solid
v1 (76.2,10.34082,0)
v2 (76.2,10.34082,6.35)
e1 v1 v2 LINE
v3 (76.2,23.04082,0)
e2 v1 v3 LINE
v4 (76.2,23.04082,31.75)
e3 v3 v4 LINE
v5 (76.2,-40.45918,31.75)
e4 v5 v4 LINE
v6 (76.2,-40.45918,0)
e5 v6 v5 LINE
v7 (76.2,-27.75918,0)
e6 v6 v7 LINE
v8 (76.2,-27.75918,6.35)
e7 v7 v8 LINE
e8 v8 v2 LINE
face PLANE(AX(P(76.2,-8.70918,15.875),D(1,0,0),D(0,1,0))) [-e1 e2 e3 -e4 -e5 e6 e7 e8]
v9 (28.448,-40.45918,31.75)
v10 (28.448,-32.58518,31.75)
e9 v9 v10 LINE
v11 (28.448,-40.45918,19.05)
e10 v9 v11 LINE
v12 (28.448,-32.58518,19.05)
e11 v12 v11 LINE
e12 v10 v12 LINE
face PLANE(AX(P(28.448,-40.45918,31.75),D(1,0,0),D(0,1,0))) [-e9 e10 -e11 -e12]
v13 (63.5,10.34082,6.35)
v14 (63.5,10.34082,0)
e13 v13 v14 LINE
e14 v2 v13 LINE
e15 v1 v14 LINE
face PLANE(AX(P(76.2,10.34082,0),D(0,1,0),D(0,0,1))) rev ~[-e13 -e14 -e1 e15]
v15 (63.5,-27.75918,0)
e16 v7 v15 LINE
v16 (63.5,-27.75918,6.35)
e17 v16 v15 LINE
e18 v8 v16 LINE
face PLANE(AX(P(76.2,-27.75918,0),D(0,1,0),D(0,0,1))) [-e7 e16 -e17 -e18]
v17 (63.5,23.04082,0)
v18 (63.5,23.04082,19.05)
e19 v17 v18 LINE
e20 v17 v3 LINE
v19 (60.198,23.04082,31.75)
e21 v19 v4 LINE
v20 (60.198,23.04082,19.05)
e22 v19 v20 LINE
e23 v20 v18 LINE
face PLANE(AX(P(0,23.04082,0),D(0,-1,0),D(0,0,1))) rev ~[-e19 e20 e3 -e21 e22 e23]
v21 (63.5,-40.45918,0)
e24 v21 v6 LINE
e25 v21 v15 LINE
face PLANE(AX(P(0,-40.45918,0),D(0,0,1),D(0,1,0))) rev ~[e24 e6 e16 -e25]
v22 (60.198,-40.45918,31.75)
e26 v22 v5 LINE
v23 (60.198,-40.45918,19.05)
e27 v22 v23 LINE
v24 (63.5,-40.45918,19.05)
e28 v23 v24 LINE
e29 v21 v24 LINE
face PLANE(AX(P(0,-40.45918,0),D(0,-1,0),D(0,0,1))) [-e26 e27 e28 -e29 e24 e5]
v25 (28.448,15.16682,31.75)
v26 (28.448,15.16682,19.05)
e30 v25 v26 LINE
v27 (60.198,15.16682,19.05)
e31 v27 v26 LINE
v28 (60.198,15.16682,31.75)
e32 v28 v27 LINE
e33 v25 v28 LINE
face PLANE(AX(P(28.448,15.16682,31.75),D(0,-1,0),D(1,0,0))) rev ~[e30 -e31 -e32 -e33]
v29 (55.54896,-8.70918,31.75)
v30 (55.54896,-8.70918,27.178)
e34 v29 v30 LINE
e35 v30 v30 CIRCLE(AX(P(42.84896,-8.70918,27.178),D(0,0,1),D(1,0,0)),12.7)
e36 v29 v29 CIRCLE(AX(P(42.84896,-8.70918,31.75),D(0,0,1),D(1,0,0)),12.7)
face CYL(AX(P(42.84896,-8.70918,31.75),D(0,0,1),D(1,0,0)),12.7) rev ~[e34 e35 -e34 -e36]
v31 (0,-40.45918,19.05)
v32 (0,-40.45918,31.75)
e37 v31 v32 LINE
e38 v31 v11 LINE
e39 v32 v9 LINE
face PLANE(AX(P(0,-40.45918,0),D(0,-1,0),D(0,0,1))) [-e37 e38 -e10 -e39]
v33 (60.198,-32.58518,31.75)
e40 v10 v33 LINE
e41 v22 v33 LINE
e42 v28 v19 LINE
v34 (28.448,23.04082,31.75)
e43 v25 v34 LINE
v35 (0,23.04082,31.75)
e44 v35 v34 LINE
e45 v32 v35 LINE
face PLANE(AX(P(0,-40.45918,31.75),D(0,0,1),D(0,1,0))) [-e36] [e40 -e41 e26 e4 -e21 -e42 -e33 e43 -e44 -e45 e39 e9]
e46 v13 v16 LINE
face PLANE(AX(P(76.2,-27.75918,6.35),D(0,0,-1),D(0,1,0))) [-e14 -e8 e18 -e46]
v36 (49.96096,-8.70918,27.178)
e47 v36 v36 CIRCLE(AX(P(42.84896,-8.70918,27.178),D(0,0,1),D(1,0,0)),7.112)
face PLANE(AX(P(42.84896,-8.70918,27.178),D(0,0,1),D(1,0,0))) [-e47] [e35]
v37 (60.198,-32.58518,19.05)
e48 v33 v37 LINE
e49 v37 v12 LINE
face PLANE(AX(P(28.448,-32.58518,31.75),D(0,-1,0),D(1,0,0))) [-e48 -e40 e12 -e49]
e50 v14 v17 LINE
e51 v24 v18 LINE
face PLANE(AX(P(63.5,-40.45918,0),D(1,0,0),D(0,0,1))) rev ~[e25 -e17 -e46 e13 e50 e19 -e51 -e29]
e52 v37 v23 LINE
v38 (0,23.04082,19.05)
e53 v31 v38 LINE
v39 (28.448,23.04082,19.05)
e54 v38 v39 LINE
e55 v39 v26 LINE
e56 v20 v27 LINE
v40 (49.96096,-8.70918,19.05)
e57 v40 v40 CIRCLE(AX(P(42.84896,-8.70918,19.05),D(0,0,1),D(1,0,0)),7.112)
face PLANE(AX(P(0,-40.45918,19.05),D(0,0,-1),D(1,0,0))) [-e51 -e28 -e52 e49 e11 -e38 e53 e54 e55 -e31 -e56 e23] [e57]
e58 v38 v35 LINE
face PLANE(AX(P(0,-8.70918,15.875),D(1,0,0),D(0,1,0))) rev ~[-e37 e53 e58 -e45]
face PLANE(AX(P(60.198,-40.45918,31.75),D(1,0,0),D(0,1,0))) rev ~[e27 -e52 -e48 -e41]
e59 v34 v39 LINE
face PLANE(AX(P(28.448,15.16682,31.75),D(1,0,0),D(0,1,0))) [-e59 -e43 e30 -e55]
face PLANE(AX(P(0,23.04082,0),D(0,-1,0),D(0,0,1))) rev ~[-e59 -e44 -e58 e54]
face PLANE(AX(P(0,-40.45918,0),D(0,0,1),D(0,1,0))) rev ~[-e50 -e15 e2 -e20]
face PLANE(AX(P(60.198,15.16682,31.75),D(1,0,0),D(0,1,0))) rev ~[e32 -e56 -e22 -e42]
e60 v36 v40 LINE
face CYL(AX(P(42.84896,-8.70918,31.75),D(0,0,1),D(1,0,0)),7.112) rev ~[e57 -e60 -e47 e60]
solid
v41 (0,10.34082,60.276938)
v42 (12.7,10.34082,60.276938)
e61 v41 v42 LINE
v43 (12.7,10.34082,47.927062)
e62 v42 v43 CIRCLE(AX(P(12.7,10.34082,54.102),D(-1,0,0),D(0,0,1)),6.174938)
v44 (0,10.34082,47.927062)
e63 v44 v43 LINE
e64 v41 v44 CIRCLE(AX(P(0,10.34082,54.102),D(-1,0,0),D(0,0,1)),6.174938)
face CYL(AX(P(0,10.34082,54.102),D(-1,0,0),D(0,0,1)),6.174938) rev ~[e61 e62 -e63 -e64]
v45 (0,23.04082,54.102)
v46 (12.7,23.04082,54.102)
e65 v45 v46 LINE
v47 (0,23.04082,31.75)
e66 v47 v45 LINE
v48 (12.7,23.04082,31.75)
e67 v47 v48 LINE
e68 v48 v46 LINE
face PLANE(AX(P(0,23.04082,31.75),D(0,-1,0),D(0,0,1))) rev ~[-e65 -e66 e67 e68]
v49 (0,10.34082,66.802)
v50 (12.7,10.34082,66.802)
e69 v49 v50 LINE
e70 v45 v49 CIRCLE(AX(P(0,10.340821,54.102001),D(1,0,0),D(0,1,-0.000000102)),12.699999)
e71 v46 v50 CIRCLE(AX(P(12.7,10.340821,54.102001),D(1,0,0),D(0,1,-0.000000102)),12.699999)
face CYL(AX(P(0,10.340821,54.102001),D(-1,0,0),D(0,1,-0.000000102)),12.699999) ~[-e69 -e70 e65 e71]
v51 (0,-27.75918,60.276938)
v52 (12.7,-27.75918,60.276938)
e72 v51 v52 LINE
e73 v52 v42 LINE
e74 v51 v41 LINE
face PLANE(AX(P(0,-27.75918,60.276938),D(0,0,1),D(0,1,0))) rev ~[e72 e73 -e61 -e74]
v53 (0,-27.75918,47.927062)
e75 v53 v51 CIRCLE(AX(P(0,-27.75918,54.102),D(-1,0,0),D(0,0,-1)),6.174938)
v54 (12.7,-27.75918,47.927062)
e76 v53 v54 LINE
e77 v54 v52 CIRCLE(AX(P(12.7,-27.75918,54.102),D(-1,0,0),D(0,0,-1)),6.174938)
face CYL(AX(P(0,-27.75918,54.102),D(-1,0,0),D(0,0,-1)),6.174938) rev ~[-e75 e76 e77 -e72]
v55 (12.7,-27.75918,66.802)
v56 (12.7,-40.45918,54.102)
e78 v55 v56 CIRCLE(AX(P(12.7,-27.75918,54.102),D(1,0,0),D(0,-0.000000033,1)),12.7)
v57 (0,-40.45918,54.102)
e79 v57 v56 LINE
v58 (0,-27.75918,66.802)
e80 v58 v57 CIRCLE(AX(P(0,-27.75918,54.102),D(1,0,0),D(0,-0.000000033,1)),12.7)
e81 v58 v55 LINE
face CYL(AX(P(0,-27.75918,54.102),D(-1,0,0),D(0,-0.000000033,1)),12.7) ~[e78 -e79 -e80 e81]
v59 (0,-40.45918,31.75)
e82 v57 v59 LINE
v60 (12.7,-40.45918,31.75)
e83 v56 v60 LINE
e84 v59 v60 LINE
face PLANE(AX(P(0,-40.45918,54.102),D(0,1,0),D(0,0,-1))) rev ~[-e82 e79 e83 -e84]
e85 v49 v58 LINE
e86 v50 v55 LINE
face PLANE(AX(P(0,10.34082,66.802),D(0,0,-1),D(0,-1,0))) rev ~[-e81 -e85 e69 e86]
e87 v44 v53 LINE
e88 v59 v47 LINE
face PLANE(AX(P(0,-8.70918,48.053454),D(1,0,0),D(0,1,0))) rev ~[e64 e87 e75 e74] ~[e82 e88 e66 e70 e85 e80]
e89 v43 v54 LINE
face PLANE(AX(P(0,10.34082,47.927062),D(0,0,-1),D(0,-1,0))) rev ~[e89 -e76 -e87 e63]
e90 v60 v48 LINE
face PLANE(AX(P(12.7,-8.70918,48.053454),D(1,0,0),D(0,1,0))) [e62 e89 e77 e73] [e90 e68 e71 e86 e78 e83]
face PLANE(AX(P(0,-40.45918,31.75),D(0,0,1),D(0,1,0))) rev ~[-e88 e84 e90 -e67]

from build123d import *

# Parameters (mm, degrees)
F0_W       = 63.5
F0_H       = 31.75
F1_DEPTH   = 76.2
F2_DEPTH   = 12.7
F3_W       = 38.1
F3_H       = 6.35
F4_DEPTH   = 76.201
F6_W       = 63.5
F6_H       = 19.05
F7_DEPTH   = 63.5
F5_W       = 31.75
F5_H       = 7.874
F8_DEPTH   = 25.4
F9_R       = 12.7
F9_R_2     = 7.112
F10_DEPTH  = 4.572
F10_FACE_R = 7.112
F11_DEPTH  = 25.4


with BuildPart() as f1:
    # F0 (on Right) → F1 (new body)
    with BuildSketch(Plane.YZ):
        with Locations((-8.70918, 15.875)):
            Rectangle(F0_W, F0_H)
    extrude(amount=F1_DEPTH)

    # F3 (on face) → F4 (cut, through all)
    with BuildSketch(Plane.YZ.offset(76.2)):
        with Locations((-8.70918, 3.175)):
            Rectangle(F3_W, F3_H)
    extrude(amount=-F4_DEPTH, mode=Mode.SUBTRACT)

    # F6 (on face) → F7 (cut)
    with BuildSketch(Plane.XZ.offset(40.45918)):
        with Locations((31.75, 9.525)):
            Rectangle(F6_W, F6_H)
    extrude(amount=-F7_DEPTH, mode=Mode.SUBTRACT)

    # F5 (on face) → F8 (cut)
    with BuildSketch(Plane.XY.offset(31.75)):
        with Locations((44.323, -36.52218)):
            Rectangle(F5_W, F5_H)
        with Locations((44.323, 19.10382)):
            Rectangle(F5_W, F5_H)
    extrude(amount=-F8_DEPTH, mode=Mode.SUBTRACT)

    # F9 (on face) → F10 (cut)
    with BuildSketch(Plane.XY.offset(31.75)):
        with Locations((42.84896, -8.70918)):
            Circle(F9_R)
        with Locations((42.84896, -8.70918)):
            Circle(F9_R_2, mode=Mode.SUBTRACT)
    extrude(amount=-F10_DEPTH, mode=Mode.SUBTRACT)

    # F10_face (on face) → F11 (cut)
    with BuildSketch(Plane(origin=(42.84896, -8.70918, 31.75), x_dir=(1, 0, 0), z_dir=(0, 0, 1))):
        Circle(F10_FACE_R)
    extrude(amount=-F11_DEPTH, mode=Mode.SUBTRACT)


with BuildPart() as f2:
    # F0 (on Right) → F2 (new body)
    with BuildSketch(Plane.YZ):
        with BuildLine():
            Line((-40.45918, 54.102), (-40.45918, 31.75))
            Line((-40.45918, 31.75), (23.04082, 31.75))
            Line((23.04082, 31.75), (23.04082, 54.102))
            ThreePointArc((23.04082, 54.102), (19.321077, 63.082256), (10.34082, 66.802))
            Line((10.34082, 66.802), (-27.75918, 66.802))
            ThreePointArc((-27.75918, 66.802), (-36.739436, 63.082256), (-40.45918, 54.102))
        make_face()
        with BuildLine():
            ThreePointArc((-27.75918, 47.927062), (-33.934118, 54.102), (-27.75918, 60.276938))
            Line((-27.75918, 60.276938), (10.34082, 60.276938))
            ThreePointArc((10.34082, 60.276938), (16.515758, 54.102), (10.34082, 47.927062))
            Line((10.34082, 47.927062), (-27.75918, 47.927062))
        make_face(mode=Mode.SUBTRACT)
    extrude(amount=F2_DEPTH)


solid = Compound([f1.part, f2.part])
